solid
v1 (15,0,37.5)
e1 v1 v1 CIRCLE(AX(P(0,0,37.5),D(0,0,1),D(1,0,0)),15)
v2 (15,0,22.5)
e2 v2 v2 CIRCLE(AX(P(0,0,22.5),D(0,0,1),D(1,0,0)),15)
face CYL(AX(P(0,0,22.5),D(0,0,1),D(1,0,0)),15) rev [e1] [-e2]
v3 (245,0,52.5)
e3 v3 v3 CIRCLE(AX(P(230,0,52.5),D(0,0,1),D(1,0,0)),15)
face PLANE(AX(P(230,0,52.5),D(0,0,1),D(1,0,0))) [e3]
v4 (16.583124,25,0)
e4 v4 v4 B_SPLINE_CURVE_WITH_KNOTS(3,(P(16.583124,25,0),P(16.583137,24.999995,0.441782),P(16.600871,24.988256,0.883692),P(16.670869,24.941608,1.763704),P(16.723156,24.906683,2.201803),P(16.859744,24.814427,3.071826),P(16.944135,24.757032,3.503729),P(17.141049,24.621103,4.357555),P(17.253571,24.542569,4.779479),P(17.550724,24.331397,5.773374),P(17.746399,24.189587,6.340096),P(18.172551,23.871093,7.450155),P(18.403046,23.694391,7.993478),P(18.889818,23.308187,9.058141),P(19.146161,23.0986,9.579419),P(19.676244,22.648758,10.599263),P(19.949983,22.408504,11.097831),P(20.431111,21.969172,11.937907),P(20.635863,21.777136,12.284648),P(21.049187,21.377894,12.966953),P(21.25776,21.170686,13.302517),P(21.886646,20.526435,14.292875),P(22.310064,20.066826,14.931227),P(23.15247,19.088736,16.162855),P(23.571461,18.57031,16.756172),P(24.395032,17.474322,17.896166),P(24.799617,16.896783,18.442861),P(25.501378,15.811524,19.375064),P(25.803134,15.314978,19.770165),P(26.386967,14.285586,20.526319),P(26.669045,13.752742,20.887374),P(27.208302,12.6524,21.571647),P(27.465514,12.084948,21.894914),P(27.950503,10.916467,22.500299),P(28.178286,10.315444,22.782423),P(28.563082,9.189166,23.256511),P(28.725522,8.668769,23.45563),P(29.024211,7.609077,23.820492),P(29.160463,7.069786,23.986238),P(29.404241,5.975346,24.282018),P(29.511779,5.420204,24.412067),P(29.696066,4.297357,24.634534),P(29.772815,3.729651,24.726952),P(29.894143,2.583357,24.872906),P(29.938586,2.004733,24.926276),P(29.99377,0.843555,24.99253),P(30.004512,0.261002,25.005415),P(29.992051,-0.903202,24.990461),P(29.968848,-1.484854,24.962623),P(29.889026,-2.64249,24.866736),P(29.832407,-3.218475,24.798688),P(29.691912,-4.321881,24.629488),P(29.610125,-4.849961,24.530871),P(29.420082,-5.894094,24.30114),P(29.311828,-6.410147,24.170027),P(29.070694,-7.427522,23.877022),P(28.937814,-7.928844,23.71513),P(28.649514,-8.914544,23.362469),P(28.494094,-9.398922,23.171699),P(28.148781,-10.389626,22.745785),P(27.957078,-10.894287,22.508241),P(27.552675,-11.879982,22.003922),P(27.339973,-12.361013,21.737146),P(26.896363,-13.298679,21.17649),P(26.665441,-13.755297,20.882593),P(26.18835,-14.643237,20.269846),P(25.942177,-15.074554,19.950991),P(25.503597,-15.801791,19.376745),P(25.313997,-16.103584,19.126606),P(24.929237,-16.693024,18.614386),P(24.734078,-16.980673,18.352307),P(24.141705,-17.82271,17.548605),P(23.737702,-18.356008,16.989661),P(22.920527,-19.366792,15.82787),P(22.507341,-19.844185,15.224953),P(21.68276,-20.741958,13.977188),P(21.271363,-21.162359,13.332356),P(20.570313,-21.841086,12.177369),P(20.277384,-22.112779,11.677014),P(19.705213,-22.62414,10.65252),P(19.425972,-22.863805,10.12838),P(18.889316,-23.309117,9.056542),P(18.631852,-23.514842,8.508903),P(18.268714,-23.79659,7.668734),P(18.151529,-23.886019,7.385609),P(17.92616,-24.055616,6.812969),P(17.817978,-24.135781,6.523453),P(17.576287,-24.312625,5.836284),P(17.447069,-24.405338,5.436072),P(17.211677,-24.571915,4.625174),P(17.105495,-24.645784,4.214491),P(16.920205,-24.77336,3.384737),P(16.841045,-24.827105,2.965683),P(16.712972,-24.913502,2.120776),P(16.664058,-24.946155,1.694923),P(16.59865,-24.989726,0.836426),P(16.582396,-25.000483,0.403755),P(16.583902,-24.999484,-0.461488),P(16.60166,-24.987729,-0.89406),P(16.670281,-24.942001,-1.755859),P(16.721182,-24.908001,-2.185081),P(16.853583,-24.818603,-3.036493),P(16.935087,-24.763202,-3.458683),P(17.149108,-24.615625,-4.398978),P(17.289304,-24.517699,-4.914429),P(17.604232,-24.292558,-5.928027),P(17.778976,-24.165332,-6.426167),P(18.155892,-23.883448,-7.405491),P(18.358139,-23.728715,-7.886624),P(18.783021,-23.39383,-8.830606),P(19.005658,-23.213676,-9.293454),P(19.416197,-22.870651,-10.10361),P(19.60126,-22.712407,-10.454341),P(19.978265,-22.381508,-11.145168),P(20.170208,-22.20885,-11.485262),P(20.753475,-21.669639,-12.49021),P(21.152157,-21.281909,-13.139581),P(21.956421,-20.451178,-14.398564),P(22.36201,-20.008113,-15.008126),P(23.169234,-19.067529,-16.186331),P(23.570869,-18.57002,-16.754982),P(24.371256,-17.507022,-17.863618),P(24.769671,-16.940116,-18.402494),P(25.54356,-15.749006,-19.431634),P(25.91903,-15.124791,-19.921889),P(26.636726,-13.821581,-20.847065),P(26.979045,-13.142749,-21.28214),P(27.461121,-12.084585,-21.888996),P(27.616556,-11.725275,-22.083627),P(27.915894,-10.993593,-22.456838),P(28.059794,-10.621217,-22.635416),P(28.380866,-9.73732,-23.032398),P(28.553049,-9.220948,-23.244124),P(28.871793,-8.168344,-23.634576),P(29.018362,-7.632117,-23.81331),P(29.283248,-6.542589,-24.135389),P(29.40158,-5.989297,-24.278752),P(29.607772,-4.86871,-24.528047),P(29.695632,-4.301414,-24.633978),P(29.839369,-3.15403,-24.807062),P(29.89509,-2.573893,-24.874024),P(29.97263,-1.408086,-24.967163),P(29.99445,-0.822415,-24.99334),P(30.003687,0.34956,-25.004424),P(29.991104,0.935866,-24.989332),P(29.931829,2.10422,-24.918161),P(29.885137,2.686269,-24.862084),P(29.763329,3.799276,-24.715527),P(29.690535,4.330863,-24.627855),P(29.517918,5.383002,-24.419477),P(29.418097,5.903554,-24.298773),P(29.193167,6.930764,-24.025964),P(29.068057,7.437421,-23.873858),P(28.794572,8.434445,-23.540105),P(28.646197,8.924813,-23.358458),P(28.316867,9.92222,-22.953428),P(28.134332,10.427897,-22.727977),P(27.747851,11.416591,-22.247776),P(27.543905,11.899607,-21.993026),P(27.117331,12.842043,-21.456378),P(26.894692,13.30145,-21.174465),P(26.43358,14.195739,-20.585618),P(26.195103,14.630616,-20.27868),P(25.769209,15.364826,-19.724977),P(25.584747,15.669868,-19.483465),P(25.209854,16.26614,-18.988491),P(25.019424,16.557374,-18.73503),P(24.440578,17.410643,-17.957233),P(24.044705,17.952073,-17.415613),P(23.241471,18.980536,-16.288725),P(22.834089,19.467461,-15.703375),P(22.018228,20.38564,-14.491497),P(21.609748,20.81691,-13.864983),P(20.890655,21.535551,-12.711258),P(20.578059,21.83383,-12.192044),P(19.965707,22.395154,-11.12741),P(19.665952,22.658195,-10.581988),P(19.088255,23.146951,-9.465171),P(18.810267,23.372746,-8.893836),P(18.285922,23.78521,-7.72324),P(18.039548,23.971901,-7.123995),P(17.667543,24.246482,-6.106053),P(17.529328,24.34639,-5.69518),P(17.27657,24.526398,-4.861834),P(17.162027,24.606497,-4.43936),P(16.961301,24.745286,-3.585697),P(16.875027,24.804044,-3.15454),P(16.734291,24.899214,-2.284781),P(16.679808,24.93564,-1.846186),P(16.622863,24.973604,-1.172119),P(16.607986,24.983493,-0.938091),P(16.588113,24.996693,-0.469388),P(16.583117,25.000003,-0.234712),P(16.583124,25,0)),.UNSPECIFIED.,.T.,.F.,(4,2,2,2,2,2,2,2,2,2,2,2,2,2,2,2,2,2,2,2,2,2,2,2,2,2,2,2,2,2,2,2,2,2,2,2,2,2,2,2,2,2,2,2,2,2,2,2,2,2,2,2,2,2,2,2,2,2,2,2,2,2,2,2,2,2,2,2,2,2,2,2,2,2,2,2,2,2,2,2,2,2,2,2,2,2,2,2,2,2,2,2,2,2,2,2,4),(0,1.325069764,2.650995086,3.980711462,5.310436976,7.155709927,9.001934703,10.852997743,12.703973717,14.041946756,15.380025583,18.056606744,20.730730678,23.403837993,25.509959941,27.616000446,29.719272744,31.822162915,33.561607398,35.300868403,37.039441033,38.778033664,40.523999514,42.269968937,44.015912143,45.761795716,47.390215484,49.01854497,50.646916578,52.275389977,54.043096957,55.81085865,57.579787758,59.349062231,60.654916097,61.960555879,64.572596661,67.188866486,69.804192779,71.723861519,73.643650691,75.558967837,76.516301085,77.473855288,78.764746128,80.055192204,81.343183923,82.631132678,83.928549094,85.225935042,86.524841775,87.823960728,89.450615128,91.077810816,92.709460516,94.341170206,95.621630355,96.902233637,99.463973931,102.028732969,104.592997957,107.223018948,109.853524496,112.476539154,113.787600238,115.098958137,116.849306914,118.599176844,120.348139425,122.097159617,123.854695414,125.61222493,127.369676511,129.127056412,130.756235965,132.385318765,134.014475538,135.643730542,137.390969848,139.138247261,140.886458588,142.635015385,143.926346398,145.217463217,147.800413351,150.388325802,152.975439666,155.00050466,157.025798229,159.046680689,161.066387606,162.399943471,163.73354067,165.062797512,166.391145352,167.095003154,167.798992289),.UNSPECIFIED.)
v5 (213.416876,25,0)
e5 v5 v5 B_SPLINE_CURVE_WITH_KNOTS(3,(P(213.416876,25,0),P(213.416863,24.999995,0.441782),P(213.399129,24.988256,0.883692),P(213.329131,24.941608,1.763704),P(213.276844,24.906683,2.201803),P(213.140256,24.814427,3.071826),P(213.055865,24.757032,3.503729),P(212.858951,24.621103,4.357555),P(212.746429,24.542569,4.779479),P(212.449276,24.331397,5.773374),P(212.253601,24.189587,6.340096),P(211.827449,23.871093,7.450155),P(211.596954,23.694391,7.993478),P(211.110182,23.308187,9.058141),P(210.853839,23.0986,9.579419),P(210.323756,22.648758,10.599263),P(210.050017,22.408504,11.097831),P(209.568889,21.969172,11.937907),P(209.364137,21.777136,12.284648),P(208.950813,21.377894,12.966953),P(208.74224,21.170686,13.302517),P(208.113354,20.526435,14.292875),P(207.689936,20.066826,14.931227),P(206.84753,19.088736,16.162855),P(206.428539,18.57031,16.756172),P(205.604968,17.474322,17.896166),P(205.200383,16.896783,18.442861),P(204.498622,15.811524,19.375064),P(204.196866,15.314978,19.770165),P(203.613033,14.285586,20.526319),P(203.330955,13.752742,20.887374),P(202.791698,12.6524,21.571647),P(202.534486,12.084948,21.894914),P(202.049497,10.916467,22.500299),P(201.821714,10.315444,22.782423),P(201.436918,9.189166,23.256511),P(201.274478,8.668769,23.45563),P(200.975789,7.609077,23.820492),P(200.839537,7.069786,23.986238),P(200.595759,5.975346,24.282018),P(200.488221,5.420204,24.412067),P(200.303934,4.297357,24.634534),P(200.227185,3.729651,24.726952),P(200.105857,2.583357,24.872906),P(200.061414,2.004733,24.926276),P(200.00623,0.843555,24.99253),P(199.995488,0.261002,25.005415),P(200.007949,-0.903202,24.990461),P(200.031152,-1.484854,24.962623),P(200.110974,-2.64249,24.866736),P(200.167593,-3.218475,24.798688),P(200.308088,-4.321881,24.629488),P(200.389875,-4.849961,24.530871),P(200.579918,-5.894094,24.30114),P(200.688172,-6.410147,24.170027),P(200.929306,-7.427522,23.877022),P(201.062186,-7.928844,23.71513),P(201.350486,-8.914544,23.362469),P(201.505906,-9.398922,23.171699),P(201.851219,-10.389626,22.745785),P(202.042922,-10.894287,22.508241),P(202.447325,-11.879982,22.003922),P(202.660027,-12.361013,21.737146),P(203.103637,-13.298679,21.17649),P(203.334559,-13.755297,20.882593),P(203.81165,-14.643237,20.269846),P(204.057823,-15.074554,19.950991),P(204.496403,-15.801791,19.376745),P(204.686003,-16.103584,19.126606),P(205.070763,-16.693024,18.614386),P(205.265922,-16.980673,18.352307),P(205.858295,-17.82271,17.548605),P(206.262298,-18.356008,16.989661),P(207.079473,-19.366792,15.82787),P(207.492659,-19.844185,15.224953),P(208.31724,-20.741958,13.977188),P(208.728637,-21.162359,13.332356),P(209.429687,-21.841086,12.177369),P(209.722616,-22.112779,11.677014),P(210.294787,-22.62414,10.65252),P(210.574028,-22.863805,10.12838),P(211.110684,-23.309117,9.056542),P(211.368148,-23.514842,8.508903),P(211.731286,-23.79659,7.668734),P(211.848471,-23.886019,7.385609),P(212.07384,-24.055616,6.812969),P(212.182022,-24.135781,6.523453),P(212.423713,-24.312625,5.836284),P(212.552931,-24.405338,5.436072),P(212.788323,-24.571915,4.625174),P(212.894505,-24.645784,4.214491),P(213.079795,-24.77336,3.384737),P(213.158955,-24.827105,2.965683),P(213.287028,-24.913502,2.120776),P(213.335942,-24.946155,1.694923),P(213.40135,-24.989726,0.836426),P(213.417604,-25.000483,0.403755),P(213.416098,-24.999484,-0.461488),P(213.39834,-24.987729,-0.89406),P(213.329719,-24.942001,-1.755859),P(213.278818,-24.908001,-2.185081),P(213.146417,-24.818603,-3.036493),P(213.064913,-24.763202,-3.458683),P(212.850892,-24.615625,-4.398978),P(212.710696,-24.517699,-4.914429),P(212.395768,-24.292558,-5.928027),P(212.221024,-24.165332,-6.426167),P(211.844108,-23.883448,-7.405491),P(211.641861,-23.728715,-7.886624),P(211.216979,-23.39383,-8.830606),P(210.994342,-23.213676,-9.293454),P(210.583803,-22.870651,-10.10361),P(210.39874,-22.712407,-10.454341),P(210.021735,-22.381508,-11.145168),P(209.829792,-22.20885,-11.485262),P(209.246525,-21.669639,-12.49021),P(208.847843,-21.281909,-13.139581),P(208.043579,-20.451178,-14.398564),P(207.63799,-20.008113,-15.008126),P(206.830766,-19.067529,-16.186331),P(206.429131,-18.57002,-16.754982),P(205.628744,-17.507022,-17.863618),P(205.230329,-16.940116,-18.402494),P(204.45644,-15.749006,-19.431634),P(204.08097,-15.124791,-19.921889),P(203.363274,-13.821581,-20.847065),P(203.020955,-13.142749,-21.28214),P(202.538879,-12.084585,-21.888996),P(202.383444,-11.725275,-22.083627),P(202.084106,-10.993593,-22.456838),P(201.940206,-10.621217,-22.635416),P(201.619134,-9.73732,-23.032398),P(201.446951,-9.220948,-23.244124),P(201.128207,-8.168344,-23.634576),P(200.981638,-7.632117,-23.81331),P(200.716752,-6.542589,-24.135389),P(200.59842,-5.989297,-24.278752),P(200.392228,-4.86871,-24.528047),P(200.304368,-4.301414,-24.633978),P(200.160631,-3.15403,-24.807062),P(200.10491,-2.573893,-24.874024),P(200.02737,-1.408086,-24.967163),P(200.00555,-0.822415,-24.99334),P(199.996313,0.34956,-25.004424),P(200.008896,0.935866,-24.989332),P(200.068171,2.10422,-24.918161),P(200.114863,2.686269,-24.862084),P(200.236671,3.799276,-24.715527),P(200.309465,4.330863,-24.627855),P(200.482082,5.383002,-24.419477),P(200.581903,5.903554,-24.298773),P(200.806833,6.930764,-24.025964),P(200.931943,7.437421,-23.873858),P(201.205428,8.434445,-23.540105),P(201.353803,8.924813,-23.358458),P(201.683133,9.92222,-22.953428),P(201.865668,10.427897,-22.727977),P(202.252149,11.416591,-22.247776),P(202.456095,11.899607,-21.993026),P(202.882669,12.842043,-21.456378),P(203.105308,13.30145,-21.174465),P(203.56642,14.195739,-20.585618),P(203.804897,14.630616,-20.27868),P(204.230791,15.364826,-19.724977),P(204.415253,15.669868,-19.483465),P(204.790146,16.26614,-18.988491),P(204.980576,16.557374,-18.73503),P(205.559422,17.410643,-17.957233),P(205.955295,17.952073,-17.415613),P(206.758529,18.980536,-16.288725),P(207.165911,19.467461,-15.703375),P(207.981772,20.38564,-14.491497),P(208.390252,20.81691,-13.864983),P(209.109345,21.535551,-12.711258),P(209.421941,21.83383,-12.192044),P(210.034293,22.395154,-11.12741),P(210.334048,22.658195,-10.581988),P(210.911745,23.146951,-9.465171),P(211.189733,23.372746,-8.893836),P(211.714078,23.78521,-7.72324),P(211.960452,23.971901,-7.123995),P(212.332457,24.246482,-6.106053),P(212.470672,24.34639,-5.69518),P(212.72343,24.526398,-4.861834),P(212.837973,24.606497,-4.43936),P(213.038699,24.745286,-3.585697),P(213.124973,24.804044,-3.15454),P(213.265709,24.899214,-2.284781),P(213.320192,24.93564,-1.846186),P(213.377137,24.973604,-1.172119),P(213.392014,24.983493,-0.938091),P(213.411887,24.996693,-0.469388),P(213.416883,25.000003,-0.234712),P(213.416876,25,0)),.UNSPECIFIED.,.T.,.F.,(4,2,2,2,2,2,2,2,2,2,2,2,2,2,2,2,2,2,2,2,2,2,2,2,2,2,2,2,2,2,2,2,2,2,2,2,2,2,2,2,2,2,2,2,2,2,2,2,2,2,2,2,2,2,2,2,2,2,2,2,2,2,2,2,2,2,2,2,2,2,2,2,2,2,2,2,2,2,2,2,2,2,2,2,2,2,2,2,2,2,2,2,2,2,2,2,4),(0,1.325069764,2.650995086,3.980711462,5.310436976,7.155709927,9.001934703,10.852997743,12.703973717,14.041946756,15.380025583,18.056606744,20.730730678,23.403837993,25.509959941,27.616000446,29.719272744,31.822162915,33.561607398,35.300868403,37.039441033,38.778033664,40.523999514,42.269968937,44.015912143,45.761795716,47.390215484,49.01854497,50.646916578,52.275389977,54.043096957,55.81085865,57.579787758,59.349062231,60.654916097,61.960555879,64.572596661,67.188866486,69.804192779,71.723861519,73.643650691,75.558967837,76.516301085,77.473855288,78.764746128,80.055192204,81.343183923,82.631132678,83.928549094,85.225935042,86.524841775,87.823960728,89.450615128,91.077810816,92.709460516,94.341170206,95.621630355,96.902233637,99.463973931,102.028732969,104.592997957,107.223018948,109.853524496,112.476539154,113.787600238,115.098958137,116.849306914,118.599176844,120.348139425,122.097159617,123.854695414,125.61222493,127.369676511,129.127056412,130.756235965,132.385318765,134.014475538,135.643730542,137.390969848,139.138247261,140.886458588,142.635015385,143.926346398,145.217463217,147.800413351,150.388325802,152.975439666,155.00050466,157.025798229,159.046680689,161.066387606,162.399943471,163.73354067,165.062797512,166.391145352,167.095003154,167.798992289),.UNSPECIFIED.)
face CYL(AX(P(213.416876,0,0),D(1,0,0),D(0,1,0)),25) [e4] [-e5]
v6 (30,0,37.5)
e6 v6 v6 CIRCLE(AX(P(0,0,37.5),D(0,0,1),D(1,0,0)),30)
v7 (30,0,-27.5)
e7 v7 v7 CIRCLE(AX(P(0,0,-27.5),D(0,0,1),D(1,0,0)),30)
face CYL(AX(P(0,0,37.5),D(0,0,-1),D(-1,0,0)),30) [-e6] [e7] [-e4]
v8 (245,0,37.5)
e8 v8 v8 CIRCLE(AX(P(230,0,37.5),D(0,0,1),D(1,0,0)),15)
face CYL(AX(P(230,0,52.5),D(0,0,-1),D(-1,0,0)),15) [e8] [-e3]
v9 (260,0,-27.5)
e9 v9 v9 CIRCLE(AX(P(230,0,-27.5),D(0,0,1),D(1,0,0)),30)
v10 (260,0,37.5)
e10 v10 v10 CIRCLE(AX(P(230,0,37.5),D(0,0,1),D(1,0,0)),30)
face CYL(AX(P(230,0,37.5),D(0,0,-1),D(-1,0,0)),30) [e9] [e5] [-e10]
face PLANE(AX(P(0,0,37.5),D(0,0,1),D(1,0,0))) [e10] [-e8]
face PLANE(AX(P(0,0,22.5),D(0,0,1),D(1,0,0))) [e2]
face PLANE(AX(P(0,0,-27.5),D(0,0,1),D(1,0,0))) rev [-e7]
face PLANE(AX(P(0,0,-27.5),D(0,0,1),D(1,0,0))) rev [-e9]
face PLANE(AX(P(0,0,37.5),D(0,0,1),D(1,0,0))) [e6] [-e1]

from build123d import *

# Parameters (mm, degrees)
BOSS_EXTRUDE1_START   = 5
SKETCH1_R             = 30
BOSS_EXTRUDE1_DEPTH   = 32.5
BOSS_EXTRUDE1_2_DEPTH = 32.5
SKETCH1_3_ONE_SIDE_W  = 196.833752096
SKETCH1_3_ONE_SIDE_H  = 25
CUT_EXTRUDE1_START    = 37.5
SKETCH1_4_R           = 15
CUT_EXTRUDE1_DEPTH    = 15
BOSS_EXTRUDE2_START   = 37.5
SKETCH1_5_R           = 15
BOSS_EXTRUDE2_DEPTH   = 15


with BuildPart() as part:
    # Sketch1 → Boss-Extrude1 (new body, symmetric)
    with BuildSketch(Plane.XY.offset(BOSS_EXTRUDE1_START)):
        Circle(SKETCH1_R)
    extrude(amount=BOSS_EXTRUDE1_DEPTH, both=True)



with BuildPart() as body_2:
    # Sketch1 → Boss-Extrude1 2 (new body, symmetric)
    with BuildSketch(Plane.XY.offset(BOSS_EXTRUDE1_START)):
        with Locations((230, 0)):
            Circle(SKETCH1_R)
    extrude(amount=BOSS_EXTRUDE1_2_DEPTH, both=True)


with BuildPart() as part_1:
    add(part.part)

    add(body_2.part)  # Revolve1 merges body 2
    # Sketch1<3> one side → Revolve1 (revolve)
    with BuildSketch(Plane.XY):
        with Locations((115, 12.5)):
            Rectangle(SKETCH1_3_ONE_SIDE_W, SKETCH1_3_ONE_SIDE_H)
    revolve(axis=Axis((213.416876048, 0, 0), (-1, 0, 0)))

    # Sketch1<4> → Cut-Extrude1 (cut)
    with BuildSketch(Plane.XY.offset(CUT_EXTRUDE1_START)):
        Circle(SKETCH1_4_R)
    extrude(amount=-CUT_EXTRUDE1_DEPTH, mode=Mode.SUBTRACT)

    # Sketch1<5> → Boss-Extrude2 (add)
    with BuildSketch(Plane.XY.offset(BOSS_EXTRUDE2_START)):
        with Locations((230, 0)):
            Circle(SKETCH1_5_R)
    extrude(amount=BOSS_EXTRUDE2_DEPTH)


solid = part_1.part
